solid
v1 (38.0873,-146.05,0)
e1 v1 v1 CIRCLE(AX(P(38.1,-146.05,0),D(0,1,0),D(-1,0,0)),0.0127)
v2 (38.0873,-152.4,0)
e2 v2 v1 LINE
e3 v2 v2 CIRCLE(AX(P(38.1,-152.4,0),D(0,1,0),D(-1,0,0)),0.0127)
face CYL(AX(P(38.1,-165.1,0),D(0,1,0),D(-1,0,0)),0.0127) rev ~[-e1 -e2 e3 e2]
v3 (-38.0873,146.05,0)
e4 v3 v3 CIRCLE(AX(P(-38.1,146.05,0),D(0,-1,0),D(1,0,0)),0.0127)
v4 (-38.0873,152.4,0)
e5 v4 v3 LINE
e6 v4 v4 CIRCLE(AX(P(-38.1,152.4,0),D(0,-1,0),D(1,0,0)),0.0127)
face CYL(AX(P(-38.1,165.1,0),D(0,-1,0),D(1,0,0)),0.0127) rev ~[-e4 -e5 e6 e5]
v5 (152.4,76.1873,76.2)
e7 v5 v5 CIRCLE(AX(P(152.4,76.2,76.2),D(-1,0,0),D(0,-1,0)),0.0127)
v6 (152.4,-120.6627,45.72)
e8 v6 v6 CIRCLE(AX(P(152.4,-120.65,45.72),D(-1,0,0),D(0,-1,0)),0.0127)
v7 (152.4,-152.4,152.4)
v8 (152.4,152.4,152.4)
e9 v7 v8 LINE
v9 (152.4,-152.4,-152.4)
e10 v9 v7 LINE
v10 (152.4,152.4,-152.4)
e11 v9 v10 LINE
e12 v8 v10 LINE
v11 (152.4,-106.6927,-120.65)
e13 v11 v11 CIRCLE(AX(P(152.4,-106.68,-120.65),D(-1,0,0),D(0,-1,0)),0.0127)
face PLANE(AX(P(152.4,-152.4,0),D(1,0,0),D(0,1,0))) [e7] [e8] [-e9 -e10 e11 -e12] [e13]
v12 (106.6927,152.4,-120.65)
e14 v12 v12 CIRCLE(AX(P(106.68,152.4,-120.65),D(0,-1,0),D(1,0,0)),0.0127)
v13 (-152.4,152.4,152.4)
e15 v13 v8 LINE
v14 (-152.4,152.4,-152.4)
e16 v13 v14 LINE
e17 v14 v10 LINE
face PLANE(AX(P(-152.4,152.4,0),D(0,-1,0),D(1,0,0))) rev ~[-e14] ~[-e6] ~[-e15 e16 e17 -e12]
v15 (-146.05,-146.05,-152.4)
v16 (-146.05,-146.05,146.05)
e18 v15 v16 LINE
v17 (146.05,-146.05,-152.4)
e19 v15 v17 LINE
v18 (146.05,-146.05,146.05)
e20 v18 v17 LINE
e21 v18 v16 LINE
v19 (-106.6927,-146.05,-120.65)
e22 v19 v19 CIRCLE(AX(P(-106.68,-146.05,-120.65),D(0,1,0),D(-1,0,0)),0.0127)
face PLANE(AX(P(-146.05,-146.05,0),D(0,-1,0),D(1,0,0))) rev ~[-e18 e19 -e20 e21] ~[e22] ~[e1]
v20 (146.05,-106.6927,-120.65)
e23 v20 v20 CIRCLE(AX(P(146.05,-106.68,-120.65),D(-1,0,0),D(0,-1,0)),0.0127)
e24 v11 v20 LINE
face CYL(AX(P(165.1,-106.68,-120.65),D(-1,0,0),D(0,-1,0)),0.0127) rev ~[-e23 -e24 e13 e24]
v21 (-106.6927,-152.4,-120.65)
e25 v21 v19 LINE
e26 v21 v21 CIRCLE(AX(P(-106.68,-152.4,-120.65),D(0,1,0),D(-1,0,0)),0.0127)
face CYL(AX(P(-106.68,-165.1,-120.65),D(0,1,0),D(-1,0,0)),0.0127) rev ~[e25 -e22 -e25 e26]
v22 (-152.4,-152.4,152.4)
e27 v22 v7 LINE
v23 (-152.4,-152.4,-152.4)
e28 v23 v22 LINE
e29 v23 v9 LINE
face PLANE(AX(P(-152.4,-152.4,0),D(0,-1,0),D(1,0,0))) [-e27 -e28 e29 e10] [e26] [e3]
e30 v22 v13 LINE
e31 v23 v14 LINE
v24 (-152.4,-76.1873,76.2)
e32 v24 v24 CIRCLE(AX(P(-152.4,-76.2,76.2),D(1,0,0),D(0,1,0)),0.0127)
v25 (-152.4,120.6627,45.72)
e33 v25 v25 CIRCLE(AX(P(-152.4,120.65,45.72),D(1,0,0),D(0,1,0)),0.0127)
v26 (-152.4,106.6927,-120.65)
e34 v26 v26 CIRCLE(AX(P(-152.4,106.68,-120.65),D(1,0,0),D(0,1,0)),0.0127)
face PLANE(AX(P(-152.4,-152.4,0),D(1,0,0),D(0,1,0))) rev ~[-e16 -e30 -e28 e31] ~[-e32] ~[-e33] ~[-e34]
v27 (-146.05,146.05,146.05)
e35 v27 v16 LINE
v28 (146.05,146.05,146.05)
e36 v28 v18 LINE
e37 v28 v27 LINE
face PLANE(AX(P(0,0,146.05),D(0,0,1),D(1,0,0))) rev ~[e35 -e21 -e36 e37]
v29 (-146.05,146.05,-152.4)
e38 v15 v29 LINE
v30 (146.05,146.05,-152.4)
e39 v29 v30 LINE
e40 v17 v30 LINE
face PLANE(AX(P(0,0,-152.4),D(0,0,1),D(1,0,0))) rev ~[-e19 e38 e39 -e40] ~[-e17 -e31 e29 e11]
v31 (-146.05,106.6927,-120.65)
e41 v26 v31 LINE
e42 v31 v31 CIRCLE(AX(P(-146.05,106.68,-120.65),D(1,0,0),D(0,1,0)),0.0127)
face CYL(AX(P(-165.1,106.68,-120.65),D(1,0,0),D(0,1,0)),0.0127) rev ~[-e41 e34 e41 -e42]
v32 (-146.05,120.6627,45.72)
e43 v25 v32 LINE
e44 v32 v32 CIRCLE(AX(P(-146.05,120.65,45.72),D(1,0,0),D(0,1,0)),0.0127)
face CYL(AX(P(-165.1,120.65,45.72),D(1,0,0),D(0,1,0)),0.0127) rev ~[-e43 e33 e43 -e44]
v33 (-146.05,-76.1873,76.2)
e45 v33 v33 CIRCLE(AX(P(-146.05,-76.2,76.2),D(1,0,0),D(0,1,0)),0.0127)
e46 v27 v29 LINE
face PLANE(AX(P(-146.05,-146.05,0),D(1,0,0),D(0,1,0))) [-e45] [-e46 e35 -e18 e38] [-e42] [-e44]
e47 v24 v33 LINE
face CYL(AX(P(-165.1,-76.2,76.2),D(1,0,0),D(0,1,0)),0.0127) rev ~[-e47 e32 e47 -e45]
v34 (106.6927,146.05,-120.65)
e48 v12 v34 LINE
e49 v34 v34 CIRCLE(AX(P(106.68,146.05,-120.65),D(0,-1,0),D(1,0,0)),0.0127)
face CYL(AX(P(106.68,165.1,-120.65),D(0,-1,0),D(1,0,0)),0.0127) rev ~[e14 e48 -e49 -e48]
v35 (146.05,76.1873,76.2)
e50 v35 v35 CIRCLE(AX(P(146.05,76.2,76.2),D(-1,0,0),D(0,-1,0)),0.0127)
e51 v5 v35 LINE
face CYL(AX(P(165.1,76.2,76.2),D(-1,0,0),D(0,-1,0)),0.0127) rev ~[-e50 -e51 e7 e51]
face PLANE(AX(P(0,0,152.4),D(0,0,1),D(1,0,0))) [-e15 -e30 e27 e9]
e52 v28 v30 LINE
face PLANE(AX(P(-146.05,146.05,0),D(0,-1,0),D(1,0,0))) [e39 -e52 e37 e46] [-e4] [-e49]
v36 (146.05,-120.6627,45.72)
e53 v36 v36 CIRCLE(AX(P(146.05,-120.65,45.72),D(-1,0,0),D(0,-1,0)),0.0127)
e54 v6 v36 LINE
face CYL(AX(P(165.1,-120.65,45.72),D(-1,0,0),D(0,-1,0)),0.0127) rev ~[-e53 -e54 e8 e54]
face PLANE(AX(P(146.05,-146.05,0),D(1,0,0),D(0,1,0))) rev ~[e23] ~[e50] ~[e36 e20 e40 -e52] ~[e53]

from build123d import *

# Parameters (mm, degrees)
F0_W      = 304.8
F0_H      = 304.8
F0_W_2    = 292.1
F0_H_2    = 292.1
F1_DEPTH  = 152.4
F2_W      = 304.8
F2_H      = 304.8
F3_DEPTH  = 6.35
F5_D      = 0.0254
F5_DEPTH  = 12.7
F6_D      = 0.0254
F6_DEPTH  = 12.7
F8_D      = 0.0254
F8_DEPTH  = 12.7
F9_D      = 0.0254
F9_DEPTH  = 12.7
F12_D     = 0.0254
F12_DEPTH = 12.7
F13_D     = 0.0254
F13_DEPTH = 12.7
F14_D     = 0.0254
F14_DEPTH = 12.7
F15_D     = 0.0254
F15_DEPTH = 12.7
F16_D     = 0.0254
F16_DEPTH = 12.7
F17_D     = 0.0254
F17_DEPTH = 12.7


with BuildPart() as f1:
    # F0 (on Top) → F1 (new body, symmetric)
    with BuildSketch(Plane.XY):
        Rectangle(F0_W, F0_H)
        Rectangle(F0_W_2, F0_H_2, mode=Mode.SUBTRACT)
    extrude(amount=F1_DEPTH, both=True)

    # F2 (on face) → F3 (join)
    with BuildSketch(Plane.XY.offset(152.4)):
        Rectangle(F2_W, F2_H)
    extrude(amount=-F3_DEPTH)

    # F5
    with Locations(Plane(origin=(0, 152.4, 0), x_dir=(-1, 0, 0), z_dir=(0, 1, 0))):
        with Locations((38.1, 0)):
            Hole(F5_D / 2, depth=F5_DEPTH)

    # F6
    with Locations(Plane(origin=(0, 152.4, 0), x_dir=(-1, 0, 0), z_dir=(0, 1, 0))):
        with Locations((-106.68, -120.65)):
            Hole(F6_D / 2, depth=F6_DEPTH)

    # F8
    with Locations(Plane.XZ.offset(152.4)):
        with Locations((-106.68, -120.65)):
            Hole(F8_D / 2, depth=F8_DEPTH)

    # F9
    with Locations(Plane.XZ.offset(152.4)):
        with Locations((38.1, 0)):
            Hole(F9_D / 2, depth=F9_DEPTH)

    # F12
    with Locations(Plane.YZ.offset(152.4)):
        with Locations((-106.68, -120.65)):
            Hole(F12_D / 2, depth=F12_DEPTH)

    # F13
    with Locations(Plane.YZ.offset(152.4)):
        with Locations((76.2, 76.2)):
            Hole(F13_D / 2, depth=F13_DEPTH)

    # F14
    with Locations(Plane.YZ.offset(152.4)):
        with Locations((-120.65, 45.72)):
            Hole(F14_D / 2, depth=F14_DEPTH)

    # F15
    with Locations(Plane(origin=(-152.4, 0, 0), x_dir=(0, -1, 0), z_dir=(-1, 0, 0))):
        with Locations((-106.68, -120.65)):
            Hole(F15_D / 2, depth=F15_DEPTH)

    # F16
    with Locations(Plane(origin=(-152.4, 0, 0), x_dir=(0, -1, 0), z_dir=(-1, 0, 0))):
        with Locations((-120.65, 45.72)):
            Hole(F16_D / 2, depth=F16_DEPTH)

    # F17
    with Locations(Plane(origin=(-152.4, 0, 0), x_dir=(0, -1, 0), z_dir=(-1, 0, 0))):
        with Locations((76.2, 76.2)):
            Hole(F17_D / 2, depth=F17_DEPTH)


solid = f1.part
